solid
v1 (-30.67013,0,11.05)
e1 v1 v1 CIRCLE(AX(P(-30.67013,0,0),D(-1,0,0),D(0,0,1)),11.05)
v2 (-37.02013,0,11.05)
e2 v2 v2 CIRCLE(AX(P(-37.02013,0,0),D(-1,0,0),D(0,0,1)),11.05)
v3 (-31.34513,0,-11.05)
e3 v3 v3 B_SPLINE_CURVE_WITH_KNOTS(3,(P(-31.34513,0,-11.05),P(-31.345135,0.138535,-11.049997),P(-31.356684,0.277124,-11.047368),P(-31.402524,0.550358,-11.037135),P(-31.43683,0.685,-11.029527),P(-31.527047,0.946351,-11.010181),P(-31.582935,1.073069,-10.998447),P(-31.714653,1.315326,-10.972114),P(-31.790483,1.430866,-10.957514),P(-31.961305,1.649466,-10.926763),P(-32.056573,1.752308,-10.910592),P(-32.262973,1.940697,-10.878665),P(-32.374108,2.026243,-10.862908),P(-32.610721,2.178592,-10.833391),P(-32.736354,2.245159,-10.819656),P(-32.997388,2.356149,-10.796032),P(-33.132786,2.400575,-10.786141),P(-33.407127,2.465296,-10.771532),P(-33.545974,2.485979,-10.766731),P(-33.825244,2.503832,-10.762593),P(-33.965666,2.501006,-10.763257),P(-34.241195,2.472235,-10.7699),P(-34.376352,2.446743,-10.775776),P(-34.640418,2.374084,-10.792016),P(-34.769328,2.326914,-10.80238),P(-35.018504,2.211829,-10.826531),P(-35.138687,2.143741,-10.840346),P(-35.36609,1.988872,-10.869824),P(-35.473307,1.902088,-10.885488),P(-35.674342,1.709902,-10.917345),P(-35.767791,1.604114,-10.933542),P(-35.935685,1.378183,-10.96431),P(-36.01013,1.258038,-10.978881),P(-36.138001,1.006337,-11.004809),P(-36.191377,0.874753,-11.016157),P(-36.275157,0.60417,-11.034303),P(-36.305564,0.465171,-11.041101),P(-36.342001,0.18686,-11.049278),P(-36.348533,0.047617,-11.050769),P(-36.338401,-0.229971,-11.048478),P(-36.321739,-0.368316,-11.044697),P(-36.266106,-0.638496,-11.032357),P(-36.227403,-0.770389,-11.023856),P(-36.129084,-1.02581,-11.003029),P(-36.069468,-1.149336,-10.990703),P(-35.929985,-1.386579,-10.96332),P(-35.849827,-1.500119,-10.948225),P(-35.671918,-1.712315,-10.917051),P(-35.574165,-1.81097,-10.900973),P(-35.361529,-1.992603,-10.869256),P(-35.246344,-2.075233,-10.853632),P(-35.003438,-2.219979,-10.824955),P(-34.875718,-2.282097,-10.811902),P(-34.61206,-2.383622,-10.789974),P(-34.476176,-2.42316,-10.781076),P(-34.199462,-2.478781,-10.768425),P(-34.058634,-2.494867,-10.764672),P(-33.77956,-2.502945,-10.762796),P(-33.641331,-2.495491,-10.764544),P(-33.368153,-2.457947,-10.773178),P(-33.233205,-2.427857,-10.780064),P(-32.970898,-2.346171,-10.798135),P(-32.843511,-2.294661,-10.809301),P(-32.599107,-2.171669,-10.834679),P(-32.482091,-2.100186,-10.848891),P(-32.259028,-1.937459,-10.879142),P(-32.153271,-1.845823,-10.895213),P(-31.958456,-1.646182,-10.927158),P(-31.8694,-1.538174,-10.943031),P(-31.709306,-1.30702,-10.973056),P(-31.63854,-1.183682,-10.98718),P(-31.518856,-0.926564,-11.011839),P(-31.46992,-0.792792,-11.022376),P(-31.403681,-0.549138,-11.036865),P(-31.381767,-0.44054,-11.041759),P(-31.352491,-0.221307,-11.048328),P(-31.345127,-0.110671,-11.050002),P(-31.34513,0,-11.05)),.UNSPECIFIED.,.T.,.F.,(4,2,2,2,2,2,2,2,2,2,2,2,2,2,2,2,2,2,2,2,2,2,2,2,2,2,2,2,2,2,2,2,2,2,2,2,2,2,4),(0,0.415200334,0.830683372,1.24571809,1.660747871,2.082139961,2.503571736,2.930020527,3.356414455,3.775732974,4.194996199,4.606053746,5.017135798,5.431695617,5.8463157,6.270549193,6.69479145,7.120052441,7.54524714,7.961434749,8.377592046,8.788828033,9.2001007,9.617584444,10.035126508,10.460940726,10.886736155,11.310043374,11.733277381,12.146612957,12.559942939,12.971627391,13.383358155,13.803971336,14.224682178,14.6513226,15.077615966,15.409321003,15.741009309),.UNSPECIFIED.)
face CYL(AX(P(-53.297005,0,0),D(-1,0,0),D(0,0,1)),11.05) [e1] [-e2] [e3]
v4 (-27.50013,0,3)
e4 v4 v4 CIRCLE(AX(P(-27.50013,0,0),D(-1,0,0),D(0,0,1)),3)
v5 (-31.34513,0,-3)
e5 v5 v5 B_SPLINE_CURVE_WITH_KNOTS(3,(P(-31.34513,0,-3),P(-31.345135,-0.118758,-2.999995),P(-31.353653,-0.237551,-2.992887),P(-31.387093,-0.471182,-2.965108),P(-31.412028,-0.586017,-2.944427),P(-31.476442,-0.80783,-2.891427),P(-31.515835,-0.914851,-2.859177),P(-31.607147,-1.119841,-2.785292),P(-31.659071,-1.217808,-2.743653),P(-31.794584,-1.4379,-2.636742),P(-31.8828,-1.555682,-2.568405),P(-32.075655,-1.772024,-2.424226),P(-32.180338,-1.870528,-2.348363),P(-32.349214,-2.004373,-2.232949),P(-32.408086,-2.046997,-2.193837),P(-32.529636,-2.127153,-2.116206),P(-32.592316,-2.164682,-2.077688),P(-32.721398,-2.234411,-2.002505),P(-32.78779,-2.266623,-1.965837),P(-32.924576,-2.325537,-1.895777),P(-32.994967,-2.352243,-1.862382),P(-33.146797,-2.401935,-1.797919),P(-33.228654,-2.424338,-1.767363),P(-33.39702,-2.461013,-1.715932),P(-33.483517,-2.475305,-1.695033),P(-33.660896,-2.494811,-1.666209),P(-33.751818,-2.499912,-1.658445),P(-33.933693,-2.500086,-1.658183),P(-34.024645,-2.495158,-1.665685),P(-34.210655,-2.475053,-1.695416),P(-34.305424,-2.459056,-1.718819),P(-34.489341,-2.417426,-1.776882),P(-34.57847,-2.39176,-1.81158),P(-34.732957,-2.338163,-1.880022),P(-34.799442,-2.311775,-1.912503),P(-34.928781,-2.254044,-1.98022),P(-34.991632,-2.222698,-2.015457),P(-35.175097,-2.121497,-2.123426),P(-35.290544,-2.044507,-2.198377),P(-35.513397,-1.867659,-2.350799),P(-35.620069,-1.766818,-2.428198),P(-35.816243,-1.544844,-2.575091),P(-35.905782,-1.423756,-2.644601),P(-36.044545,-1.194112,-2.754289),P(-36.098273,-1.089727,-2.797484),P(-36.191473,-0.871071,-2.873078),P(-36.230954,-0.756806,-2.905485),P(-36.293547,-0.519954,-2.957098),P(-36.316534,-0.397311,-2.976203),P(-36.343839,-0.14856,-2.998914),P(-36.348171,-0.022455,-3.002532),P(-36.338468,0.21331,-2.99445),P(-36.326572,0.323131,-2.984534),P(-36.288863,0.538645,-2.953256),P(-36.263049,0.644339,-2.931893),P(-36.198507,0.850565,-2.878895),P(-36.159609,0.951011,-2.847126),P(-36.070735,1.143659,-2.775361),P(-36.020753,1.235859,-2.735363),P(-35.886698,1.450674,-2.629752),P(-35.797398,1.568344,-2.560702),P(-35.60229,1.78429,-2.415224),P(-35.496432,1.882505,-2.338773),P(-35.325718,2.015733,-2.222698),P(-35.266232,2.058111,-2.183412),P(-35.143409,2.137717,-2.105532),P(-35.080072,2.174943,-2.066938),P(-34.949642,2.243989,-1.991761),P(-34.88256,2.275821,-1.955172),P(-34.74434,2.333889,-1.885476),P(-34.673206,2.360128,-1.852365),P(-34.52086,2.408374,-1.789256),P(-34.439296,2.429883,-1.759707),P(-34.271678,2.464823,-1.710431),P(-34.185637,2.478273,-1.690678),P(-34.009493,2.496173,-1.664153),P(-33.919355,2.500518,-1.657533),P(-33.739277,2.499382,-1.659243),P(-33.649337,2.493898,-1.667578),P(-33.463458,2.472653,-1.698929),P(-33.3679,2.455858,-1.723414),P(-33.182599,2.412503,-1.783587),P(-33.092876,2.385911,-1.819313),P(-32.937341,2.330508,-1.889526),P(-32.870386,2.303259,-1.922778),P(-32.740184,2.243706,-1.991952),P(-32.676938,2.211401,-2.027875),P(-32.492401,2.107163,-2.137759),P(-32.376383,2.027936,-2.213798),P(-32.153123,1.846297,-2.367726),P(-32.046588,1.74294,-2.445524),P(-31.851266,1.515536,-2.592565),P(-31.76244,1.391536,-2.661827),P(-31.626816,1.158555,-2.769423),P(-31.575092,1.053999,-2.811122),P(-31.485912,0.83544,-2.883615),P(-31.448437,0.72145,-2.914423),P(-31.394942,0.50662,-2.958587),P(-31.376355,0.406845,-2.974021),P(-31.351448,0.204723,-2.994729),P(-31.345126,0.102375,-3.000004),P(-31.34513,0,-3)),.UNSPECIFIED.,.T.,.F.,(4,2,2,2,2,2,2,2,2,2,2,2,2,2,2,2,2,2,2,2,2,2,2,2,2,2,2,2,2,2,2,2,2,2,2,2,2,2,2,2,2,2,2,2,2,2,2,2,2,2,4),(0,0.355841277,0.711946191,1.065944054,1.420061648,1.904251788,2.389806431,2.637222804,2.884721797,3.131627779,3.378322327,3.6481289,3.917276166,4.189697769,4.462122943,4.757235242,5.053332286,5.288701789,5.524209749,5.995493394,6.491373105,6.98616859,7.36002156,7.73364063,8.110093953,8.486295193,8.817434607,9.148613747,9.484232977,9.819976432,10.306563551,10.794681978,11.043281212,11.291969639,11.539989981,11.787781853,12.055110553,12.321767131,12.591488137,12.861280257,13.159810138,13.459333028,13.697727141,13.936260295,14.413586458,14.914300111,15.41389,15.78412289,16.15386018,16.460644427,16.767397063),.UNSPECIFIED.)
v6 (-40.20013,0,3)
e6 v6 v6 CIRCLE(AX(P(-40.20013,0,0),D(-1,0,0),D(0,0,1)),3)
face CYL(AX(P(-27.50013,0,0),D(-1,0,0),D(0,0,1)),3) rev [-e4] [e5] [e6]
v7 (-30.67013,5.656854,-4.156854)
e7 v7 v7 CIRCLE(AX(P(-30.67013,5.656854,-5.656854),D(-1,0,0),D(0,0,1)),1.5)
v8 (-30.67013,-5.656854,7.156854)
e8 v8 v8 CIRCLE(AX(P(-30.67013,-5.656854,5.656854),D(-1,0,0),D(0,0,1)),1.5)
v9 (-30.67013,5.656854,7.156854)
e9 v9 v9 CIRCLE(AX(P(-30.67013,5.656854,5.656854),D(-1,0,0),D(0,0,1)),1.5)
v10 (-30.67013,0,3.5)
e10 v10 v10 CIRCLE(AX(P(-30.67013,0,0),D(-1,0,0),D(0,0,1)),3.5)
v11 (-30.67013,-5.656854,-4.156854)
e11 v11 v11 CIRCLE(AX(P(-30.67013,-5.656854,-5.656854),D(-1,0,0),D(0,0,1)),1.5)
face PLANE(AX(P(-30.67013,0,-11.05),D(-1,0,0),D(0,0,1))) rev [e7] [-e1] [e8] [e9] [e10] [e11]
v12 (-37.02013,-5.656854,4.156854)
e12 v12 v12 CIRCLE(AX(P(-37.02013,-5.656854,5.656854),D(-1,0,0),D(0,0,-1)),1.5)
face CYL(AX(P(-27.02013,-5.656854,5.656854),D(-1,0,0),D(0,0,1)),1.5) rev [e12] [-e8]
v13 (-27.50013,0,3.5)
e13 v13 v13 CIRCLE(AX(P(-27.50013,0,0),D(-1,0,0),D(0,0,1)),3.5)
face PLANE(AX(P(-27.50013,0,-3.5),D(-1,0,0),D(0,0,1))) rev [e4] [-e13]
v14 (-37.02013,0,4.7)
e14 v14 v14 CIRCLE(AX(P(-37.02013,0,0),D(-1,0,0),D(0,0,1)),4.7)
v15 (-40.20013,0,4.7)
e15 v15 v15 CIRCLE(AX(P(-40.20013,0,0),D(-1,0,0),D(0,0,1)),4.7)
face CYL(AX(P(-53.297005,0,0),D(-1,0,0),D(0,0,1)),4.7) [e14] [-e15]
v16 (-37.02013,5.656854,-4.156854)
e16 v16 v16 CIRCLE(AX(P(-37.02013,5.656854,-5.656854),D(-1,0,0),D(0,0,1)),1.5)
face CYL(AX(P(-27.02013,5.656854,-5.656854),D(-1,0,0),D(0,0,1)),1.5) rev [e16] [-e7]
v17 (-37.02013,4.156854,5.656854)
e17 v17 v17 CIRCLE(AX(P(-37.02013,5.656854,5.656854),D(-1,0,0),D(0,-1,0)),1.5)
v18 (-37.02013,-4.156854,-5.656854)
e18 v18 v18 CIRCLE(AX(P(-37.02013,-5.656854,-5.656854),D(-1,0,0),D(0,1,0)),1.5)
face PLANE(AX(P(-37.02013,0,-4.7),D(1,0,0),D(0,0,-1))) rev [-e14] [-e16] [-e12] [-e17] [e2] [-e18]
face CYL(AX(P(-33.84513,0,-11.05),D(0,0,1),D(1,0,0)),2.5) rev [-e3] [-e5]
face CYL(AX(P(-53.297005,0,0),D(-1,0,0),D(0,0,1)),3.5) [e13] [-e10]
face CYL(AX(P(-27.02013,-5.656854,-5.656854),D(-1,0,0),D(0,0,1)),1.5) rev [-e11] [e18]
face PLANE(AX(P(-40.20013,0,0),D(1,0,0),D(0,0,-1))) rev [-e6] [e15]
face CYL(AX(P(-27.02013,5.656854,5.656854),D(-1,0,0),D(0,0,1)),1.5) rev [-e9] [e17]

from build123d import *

# Parameters (mm, degrees)
ESQUISSE2_R                  = 3
ENL_V_MAT_EXTRU_1_DEPTH      = 13.7
ESQUISSE3_R                  = 1.5
ENL_V_MAT_EXTRU_2_DEPTH      = 10
R_P_TITION_CIRCULAIRE1_COUNT = 4
ESQUISSE5_R                  = 2.5
ENL_V_MAT_EXTRU_3_DEPTH      = 12.05


with BuildPart() as part:
    # Esquisse1 → Révolution1 (revolve)
    with BuildSketch(Plane(origin=(0, 0, 0), x_dir=(1, 0, 0), z_dir=(0, 1, 0))):
        Polygon((-40.200130208, 0), (-40.200130208, 4.7), (-37.020130208, 4.7), (-37.020130208, 11.05), (-30.670130208, 11.05), (-30.670130208, 3.5), (-27.500130208, 3.5), (-27.500130208, 0), align=None)
    revolve(axis=Axis((-53.297005208, 0, 0), (1, 0, 0)))

    # Esquisse2 → Enlèv. mat.-Extru.1 (cut, through all)
    with BuildSketch(Plane.ZY.offset(40.200130208)):
        Circle(ESQUISSE2_R)
    extrude(amount=-ENL_V_MAT_EXTRU_1_DEPTH, mode=Mode.SUBTRACT)

    # Esquisse3 → Enlèv. mat.-Extru.2 (cut)
    with BuildSketch(Plane.ZY.offset(37.020130208)):
        with Locations((-5.656854249, 5.656854249)):
            Circle(ESQUISSE3_R)
    enl_v_mat_extru_2 = extrude(amount=-ENL_V_MAT_EXTRU_2_DEPTH, mode=Mode.SUBTRACT)

    # Répétition circulaire1: Enlèv. mat.-Extru.2 ×4 about axis
    r_p_tition_circulaire1_axis = Axis((0, 0, 0), (1, 0, 0))
    for i in range(1, R_P_TITION_CIRCULAIRE1_COUNT):
        add(enl_v_mat_extru_2.rotate(r_p_tition_circulaire1_axis, i * 360 / R_P_TITION_CIRCULAIRE1_COUNT), mode=Mode.SUBTRACT)

    # Esquisse5 → Enlèv. mat.-Extru.3 (cut, through all)
    with BuildSketch(Plane.XY):
        with Locations((-33.845130208, 0)):
            Circle(ESQUISSE5_R)
    extrude(amount=-ENL_V_MAT_EXTRU_3_DEPTH, mode=Mode.SUBTRACT)


solid = part.part
